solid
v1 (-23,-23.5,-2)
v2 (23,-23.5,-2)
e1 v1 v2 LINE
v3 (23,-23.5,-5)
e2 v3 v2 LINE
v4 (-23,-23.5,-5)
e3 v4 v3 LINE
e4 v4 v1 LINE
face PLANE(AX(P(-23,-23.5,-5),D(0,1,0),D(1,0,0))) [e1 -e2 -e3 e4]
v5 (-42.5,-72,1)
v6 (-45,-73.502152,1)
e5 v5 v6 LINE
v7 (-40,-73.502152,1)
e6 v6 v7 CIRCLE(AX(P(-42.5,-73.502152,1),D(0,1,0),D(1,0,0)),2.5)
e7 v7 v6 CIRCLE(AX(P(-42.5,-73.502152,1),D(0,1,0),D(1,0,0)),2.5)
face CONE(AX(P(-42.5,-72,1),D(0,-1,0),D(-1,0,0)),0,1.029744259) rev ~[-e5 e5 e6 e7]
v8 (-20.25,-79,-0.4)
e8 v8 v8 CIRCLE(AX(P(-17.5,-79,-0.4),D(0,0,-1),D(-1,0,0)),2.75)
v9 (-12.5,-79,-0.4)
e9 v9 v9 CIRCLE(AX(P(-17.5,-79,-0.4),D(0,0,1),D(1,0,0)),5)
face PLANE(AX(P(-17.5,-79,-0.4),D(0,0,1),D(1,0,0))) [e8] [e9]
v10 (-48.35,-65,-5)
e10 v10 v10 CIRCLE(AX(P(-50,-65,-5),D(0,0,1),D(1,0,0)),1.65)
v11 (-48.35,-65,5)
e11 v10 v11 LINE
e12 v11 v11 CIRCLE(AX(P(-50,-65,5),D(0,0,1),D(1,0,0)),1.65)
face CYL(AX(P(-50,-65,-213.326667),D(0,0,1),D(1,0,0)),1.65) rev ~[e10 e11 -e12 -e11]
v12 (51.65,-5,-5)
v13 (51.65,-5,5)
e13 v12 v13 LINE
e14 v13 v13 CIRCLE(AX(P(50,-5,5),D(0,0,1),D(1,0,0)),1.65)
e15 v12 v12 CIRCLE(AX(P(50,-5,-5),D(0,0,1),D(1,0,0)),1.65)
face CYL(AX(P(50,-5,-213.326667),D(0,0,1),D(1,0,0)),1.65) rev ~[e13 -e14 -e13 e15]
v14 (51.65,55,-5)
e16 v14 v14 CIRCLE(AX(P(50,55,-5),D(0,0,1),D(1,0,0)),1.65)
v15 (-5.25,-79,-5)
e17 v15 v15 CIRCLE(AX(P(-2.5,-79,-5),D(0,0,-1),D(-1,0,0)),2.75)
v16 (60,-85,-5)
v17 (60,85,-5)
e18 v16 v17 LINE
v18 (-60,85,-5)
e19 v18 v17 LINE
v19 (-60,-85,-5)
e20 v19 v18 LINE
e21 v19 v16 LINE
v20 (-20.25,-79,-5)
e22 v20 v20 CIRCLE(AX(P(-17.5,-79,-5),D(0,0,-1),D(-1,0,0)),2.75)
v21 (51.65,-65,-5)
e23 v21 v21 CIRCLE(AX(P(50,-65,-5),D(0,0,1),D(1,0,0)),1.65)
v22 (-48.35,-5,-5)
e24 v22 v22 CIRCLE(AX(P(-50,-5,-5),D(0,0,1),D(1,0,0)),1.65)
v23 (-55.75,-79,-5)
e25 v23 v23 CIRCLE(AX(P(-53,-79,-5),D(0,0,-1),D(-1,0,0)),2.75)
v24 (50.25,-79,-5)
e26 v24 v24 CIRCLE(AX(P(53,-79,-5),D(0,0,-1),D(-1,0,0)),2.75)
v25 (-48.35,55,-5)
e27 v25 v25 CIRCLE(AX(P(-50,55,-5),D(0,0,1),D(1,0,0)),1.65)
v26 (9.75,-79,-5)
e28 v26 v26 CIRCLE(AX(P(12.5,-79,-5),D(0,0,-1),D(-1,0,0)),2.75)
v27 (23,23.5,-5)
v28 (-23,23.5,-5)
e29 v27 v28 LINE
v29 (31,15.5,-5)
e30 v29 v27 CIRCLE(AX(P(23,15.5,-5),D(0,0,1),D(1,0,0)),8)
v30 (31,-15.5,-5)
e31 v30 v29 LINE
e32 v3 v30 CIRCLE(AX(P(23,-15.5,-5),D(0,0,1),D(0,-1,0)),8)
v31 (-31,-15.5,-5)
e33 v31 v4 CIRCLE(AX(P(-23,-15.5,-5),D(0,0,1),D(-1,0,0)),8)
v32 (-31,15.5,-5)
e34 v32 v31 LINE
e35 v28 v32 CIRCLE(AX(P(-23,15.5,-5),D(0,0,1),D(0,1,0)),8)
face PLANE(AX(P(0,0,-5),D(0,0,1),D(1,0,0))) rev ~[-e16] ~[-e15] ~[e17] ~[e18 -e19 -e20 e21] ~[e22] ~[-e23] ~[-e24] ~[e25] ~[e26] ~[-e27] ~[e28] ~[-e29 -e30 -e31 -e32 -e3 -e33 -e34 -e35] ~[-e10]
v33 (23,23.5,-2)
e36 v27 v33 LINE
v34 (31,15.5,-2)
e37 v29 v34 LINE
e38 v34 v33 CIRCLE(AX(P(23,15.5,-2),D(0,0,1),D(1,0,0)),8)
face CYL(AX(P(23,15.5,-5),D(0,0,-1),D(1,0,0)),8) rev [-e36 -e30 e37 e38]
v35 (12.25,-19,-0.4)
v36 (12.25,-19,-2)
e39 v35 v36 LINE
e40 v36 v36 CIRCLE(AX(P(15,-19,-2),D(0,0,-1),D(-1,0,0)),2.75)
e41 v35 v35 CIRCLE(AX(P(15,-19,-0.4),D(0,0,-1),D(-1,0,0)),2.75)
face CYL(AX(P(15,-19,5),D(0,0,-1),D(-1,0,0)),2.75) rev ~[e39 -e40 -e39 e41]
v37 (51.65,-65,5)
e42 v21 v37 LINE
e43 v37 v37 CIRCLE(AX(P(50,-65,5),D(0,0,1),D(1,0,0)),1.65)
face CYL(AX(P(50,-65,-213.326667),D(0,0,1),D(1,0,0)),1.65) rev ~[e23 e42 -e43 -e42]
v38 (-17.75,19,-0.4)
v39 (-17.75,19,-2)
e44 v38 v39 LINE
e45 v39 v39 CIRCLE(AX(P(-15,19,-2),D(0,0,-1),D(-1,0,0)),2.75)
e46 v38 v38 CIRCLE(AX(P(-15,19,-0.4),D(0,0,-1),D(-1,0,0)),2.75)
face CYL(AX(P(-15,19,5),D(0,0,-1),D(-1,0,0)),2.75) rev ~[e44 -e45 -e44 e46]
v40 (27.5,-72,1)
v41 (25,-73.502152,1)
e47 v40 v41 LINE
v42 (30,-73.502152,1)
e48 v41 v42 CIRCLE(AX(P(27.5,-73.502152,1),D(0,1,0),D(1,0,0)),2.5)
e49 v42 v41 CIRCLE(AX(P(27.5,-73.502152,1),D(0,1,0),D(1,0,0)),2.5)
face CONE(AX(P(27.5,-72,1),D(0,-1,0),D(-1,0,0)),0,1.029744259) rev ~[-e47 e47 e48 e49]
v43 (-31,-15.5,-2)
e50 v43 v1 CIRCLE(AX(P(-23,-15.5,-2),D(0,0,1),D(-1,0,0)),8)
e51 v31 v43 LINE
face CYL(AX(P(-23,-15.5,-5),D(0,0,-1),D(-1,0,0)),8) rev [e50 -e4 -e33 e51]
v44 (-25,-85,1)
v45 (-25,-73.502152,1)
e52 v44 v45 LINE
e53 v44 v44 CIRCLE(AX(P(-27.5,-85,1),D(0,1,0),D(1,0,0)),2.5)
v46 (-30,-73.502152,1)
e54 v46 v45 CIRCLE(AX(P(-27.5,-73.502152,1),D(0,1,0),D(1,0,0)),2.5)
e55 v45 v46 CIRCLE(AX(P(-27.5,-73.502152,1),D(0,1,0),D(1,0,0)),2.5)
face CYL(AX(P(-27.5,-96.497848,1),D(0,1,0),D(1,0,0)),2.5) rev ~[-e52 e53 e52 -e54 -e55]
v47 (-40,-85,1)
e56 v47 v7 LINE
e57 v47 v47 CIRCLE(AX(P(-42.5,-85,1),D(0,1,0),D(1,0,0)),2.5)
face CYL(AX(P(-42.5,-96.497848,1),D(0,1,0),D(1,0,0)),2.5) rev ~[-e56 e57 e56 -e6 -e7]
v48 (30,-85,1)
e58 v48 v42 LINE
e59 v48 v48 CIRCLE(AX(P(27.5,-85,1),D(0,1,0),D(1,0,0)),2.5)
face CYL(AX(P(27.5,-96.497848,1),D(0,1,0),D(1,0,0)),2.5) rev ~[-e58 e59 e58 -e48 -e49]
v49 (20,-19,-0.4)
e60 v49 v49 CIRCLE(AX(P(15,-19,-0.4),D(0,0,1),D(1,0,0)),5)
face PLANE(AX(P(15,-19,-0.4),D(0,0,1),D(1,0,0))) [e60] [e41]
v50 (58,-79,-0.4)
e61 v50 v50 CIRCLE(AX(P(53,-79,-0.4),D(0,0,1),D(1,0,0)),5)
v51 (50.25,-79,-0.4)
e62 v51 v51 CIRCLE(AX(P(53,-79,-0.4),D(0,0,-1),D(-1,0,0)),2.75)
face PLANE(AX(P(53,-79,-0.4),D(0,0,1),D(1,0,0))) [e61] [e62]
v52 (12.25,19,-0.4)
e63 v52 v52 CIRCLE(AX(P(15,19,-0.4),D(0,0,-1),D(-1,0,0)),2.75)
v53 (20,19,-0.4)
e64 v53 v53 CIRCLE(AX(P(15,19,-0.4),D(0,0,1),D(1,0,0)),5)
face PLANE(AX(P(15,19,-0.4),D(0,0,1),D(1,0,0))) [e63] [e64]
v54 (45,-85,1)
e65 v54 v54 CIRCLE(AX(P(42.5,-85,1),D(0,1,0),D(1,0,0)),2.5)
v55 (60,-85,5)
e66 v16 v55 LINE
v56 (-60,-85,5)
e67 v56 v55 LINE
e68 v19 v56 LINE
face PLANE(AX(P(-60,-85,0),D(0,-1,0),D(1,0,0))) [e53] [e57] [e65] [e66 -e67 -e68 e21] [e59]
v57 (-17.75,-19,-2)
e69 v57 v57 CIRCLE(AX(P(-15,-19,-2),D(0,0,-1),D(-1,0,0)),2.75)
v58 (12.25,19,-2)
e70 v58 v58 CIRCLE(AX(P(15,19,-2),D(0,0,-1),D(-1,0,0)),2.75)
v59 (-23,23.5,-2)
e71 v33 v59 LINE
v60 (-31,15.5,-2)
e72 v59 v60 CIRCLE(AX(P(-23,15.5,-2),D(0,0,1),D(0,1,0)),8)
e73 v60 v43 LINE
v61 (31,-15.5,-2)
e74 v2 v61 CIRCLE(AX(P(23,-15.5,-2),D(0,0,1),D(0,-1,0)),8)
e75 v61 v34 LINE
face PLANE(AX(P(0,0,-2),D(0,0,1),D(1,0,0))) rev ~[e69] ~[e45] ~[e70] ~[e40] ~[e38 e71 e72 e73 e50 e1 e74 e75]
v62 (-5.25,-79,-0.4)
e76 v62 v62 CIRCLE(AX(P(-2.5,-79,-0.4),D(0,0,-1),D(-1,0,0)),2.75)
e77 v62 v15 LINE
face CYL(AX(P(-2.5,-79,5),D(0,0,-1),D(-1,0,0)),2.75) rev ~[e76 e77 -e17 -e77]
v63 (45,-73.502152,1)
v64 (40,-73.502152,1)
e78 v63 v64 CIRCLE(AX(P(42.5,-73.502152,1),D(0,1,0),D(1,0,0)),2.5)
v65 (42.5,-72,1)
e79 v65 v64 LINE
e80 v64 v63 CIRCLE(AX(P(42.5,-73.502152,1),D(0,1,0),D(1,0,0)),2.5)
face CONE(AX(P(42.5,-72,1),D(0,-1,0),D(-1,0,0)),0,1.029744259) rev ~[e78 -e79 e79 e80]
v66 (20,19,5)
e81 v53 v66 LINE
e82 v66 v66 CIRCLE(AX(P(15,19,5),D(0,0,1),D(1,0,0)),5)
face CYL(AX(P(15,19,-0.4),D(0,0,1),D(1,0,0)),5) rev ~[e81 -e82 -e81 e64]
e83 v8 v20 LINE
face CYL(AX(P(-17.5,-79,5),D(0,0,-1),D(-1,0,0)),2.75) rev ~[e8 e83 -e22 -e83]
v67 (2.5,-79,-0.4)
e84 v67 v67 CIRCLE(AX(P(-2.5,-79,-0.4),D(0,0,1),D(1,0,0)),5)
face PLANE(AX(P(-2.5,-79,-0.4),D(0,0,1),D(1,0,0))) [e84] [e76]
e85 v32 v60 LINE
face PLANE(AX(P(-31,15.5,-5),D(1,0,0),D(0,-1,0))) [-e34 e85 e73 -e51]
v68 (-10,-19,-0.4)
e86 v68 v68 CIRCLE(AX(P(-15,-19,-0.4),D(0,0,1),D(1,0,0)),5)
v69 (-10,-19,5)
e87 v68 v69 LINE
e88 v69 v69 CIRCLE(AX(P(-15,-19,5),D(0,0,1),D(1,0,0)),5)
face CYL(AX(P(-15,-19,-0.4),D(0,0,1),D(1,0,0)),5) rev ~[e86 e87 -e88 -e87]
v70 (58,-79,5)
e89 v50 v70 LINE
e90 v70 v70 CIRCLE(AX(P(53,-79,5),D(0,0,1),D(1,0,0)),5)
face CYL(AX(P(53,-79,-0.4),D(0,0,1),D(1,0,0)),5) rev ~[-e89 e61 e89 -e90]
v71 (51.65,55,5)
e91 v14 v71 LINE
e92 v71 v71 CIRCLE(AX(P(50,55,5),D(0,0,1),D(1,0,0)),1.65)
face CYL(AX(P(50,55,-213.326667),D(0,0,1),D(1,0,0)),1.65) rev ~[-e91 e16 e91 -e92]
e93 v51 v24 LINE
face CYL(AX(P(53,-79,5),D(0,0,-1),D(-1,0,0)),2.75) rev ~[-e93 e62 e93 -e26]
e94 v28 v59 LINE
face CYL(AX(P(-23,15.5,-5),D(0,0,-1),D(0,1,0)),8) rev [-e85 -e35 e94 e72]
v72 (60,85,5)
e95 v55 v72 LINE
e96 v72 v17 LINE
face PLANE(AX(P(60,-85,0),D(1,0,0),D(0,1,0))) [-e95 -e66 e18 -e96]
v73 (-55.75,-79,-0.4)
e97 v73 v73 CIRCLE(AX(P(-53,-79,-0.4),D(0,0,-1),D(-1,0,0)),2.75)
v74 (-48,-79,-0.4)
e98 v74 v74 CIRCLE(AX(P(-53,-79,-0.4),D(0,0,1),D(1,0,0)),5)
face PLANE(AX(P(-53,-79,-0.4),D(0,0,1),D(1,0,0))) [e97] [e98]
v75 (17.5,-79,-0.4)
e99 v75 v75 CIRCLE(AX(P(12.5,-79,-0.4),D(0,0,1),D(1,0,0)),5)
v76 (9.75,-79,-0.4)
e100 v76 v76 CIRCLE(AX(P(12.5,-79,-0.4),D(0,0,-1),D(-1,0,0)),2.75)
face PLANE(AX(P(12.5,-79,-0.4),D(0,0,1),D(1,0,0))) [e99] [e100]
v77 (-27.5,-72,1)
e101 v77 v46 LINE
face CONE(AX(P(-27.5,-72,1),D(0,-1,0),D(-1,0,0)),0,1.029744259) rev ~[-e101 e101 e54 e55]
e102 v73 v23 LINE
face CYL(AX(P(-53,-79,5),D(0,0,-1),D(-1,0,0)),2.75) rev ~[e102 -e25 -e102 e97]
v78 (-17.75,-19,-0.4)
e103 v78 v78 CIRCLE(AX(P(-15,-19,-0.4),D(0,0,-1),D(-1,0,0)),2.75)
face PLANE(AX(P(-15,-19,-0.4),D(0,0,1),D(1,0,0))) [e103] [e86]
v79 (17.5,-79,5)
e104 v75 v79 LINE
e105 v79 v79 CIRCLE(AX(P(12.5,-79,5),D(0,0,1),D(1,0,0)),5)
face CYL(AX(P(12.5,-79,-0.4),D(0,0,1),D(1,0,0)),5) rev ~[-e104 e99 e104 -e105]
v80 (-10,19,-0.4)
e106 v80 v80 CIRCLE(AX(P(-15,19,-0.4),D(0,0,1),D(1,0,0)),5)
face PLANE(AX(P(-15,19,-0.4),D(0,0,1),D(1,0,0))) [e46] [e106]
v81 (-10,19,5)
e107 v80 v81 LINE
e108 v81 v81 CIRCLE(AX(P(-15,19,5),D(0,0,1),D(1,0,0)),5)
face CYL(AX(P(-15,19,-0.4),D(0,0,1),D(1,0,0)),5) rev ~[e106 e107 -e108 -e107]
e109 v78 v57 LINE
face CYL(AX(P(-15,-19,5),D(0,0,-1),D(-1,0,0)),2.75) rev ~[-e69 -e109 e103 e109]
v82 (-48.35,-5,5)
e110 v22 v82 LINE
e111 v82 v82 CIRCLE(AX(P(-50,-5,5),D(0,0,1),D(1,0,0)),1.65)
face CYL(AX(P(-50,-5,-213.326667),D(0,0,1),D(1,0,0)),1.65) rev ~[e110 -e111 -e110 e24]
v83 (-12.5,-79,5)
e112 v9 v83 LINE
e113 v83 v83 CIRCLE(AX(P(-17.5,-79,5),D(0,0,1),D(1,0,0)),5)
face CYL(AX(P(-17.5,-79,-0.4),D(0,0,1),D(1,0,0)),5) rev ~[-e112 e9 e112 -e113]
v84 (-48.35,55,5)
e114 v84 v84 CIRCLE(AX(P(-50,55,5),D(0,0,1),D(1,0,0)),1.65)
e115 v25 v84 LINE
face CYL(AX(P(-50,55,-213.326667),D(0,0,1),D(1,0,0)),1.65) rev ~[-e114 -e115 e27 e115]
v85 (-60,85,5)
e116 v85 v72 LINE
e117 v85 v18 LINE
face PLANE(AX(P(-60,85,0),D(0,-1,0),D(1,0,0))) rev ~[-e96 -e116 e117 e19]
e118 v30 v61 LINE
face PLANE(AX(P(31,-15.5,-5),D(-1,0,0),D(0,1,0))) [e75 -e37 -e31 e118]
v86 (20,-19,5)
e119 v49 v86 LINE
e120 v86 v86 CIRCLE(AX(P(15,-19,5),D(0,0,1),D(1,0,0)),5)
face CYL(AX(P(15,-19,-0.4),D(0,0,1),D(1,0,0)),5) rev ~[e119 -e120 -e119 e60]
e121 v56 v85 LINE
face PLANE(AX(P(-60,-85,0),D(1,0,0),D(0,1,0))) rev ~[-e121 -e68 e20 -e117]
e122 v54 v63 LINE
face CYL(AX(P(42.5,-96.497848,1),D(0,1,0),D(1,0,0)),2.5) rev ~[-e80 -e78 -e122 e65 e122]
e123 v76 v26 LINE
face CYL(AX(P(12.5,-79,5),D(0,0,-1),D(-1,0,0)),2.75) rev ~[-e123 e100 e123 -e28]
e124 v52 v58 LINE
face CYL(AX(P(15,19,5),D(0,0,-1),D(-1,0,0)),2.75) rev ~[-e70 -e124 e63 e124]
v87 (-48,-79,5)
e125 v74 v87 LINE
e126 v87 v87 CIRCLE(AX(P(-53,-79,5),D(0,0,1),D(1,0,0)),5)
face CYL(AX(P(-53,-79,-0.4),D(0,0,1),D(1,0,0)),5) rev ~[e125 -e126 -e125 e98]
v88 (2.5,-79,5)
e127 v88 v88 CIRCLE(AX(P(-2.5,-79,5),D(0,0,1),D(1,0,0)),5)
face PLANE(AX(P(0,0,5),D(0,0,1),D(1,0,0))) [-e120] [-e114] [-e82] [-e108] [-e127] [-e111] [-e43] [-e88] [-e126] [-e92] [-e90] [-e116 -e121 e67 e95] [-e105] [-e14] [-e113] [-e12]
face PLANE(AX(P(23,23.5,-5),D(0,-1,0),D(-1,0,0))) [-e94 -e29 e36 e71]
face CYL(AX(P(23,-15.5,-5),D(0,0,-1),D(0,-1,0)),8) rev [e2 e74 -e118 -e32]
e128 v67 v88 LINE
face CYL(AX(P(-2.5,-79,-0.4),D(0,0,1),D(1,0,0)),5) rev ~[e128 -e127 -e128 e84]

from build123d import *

# Parameters (mm, degrees)
SKETCH1_W                                           = 120
SKETCH1_H                                           = 170
BOSS_EXTRUDE1_DEPTH                                 = 5
M6_TAPPED_HOLE1_D                                   = 5
M6_TAPPED_HOLE1_DEPTH                               = 11.497848452
M6_TAPPED_HOLE1_TIP                                 = 1.502151548
CBORE_FOR_M5_HEX_SOCKET_HEAD_CAP_SCREW3_D           = 5.5
CBORE_FOR_M5_HEX_SOCKET_HEAD_CAP_SCREW3_DEPTH       = 20
CBORE_FOR_M5_HEX_SOCKET_HEAD_CAP_SCREW3_CBORE_D     = 10
CBORE_FOR_M5_HEX_SOCKET_HEAD_CAP_SCREW3_CBORE_DEPTH = 5.4
M4_TAPPED_HOLE1_D                                   = 3.3
CBORE_FOR_M5_HEX_SOCKET_HEAD_CAP_SCREW2_D           = 5.5
CBORE_FOR_M5_HEX_SOCKET_HEAD_CAP_SCREW2_CBORE_D     = 10
CBORE_FOR_M5_HEX_SOCKET_HEAD_CAP_SCREW2_CBORE_DEPTH = 5.4
CUT_EXTRUDE1_DEPTH                                  = 3


with BuildPart() as part:
    # Sketch1 → Boss-Extrude1 (new, symmetric)
    with BuildSketch(Plane.XY):
        Rectangle(SKETCH1_W, SKETCH1_H)
    extrude(amount=BOSS_EXTRUDE1_DEPTH, both=True)

    # M6 Tapped Hole1
    with Locations(Plane(origin=(0, -85, 0), x_dir=(-1, 0, 0), z_dir=(0, -1, 0))):
        with Locations((-42.5, -1), (-27.5, -1), (27.5, -1), (42.5, -1)):
            Hole(M6_TAPPED_HOLE1_D / 2, depth=M6_TAPPED_HOLE1_DEPTH)
            with Locations((0, 0, -(M6_TAPPED_HOLE1_DEPTH + M6_TAPPED_HOLE1_TIP / 2))):  # 118° drill point
                Cone(0, M6_TAPPED_HOLE1_D / 2, M6_TAPPED_HOLE1_TIP, mode=Mode.SUBTRACT)

    # CBORE for M5 Hex Socket Head Cap Screw3
    with Locations(Plane.XY.offset(5)):
        with Locations((53, -79), (12.5, -79), (-2.5, -79), (-17.5, -79), (-53, -79)):
            CounterBoreHole(CBORE_FOR_M5_HEX_SOCKET_HEAD_CAP_SCREW3_D / 2, CBORE_FOR_M5_HEX_SOCKET_HEAD_CAP_SCREW3_CBORE_D / 2, CBORE_FOR_M5_HEX_SOCKET_HEAD_CAP_SCREW3_CBORE_DEPTH, depth=CBORE_FOR_M5_HEX_SOCKET_HEAD_CAP_SCREW3_DEPTH)

    # M4 Tapped Hole1 (through all)
    with Locations(Plane(origin=(0, 0, -5), x_dir=(-1, 0, 0), z_dir=(0, 0, -1))):
        with Locations((50, -65), (50, -5), (50, 55), (-50, 55), (-50, -5), (-50, -65)):
            Hole(M4_TAPPED_HOLE1_D / 2)

    # CBORE for M5 Hex Socket Head Cap Screw2 (through all)
    with Locations(Plane.XY.offset(5)):
        with Locations((-15, 19), (15, 19), (15, -19), (-15, -19)):
            CounterBoreHole(CBORE_FOR_M5_HEX_SOCKET_HEAD_CAP_SCREW2_D / 2, CBORE_FOR_M5_HEX_SOCKET_HEAD_CAP_SCREW2_CBORE_D / 2, CBORE_FOR_M5_HEX_SOCKET_HEAD_CAP_SCREW2_CBORE_DEPTH)

    # Sketch35 → Cut-Extrude1 (cut)
    with BuildSketch(Plane(origin=(0, 0, -5), x_dir=(-1, 0, 0), z_dir=(0, 0, -1))):
        with BuildLine():
            Line((-23, 23.5), (23, 23.5))
            ThreePointArc((23, 23.5), (28.656854249, 21.156854249), (31, 15.5))
            Line((31, 15.5), (31, -15.5))
            ThreePointArc((31, -15.5), (28.656854249, -21.156854249), (23, -23.5))
            Line((23, -23.5), (-23, -23.5))
            ThreePointArc((-23, -23.5), (-28.656854249, -21.156854249), (-31, -15.5))
            Line((-31, -15.5), (-31, 15.5))
            ThreePointArc((-31, 15.5), (-28.656854249, 21.156854249), (-23, 23.5))
        make_face()
    extrude(amount=-CUT_EXTRUDE1_DEPTH, mode=Mode.SUBTRACT)


solid = part.part
